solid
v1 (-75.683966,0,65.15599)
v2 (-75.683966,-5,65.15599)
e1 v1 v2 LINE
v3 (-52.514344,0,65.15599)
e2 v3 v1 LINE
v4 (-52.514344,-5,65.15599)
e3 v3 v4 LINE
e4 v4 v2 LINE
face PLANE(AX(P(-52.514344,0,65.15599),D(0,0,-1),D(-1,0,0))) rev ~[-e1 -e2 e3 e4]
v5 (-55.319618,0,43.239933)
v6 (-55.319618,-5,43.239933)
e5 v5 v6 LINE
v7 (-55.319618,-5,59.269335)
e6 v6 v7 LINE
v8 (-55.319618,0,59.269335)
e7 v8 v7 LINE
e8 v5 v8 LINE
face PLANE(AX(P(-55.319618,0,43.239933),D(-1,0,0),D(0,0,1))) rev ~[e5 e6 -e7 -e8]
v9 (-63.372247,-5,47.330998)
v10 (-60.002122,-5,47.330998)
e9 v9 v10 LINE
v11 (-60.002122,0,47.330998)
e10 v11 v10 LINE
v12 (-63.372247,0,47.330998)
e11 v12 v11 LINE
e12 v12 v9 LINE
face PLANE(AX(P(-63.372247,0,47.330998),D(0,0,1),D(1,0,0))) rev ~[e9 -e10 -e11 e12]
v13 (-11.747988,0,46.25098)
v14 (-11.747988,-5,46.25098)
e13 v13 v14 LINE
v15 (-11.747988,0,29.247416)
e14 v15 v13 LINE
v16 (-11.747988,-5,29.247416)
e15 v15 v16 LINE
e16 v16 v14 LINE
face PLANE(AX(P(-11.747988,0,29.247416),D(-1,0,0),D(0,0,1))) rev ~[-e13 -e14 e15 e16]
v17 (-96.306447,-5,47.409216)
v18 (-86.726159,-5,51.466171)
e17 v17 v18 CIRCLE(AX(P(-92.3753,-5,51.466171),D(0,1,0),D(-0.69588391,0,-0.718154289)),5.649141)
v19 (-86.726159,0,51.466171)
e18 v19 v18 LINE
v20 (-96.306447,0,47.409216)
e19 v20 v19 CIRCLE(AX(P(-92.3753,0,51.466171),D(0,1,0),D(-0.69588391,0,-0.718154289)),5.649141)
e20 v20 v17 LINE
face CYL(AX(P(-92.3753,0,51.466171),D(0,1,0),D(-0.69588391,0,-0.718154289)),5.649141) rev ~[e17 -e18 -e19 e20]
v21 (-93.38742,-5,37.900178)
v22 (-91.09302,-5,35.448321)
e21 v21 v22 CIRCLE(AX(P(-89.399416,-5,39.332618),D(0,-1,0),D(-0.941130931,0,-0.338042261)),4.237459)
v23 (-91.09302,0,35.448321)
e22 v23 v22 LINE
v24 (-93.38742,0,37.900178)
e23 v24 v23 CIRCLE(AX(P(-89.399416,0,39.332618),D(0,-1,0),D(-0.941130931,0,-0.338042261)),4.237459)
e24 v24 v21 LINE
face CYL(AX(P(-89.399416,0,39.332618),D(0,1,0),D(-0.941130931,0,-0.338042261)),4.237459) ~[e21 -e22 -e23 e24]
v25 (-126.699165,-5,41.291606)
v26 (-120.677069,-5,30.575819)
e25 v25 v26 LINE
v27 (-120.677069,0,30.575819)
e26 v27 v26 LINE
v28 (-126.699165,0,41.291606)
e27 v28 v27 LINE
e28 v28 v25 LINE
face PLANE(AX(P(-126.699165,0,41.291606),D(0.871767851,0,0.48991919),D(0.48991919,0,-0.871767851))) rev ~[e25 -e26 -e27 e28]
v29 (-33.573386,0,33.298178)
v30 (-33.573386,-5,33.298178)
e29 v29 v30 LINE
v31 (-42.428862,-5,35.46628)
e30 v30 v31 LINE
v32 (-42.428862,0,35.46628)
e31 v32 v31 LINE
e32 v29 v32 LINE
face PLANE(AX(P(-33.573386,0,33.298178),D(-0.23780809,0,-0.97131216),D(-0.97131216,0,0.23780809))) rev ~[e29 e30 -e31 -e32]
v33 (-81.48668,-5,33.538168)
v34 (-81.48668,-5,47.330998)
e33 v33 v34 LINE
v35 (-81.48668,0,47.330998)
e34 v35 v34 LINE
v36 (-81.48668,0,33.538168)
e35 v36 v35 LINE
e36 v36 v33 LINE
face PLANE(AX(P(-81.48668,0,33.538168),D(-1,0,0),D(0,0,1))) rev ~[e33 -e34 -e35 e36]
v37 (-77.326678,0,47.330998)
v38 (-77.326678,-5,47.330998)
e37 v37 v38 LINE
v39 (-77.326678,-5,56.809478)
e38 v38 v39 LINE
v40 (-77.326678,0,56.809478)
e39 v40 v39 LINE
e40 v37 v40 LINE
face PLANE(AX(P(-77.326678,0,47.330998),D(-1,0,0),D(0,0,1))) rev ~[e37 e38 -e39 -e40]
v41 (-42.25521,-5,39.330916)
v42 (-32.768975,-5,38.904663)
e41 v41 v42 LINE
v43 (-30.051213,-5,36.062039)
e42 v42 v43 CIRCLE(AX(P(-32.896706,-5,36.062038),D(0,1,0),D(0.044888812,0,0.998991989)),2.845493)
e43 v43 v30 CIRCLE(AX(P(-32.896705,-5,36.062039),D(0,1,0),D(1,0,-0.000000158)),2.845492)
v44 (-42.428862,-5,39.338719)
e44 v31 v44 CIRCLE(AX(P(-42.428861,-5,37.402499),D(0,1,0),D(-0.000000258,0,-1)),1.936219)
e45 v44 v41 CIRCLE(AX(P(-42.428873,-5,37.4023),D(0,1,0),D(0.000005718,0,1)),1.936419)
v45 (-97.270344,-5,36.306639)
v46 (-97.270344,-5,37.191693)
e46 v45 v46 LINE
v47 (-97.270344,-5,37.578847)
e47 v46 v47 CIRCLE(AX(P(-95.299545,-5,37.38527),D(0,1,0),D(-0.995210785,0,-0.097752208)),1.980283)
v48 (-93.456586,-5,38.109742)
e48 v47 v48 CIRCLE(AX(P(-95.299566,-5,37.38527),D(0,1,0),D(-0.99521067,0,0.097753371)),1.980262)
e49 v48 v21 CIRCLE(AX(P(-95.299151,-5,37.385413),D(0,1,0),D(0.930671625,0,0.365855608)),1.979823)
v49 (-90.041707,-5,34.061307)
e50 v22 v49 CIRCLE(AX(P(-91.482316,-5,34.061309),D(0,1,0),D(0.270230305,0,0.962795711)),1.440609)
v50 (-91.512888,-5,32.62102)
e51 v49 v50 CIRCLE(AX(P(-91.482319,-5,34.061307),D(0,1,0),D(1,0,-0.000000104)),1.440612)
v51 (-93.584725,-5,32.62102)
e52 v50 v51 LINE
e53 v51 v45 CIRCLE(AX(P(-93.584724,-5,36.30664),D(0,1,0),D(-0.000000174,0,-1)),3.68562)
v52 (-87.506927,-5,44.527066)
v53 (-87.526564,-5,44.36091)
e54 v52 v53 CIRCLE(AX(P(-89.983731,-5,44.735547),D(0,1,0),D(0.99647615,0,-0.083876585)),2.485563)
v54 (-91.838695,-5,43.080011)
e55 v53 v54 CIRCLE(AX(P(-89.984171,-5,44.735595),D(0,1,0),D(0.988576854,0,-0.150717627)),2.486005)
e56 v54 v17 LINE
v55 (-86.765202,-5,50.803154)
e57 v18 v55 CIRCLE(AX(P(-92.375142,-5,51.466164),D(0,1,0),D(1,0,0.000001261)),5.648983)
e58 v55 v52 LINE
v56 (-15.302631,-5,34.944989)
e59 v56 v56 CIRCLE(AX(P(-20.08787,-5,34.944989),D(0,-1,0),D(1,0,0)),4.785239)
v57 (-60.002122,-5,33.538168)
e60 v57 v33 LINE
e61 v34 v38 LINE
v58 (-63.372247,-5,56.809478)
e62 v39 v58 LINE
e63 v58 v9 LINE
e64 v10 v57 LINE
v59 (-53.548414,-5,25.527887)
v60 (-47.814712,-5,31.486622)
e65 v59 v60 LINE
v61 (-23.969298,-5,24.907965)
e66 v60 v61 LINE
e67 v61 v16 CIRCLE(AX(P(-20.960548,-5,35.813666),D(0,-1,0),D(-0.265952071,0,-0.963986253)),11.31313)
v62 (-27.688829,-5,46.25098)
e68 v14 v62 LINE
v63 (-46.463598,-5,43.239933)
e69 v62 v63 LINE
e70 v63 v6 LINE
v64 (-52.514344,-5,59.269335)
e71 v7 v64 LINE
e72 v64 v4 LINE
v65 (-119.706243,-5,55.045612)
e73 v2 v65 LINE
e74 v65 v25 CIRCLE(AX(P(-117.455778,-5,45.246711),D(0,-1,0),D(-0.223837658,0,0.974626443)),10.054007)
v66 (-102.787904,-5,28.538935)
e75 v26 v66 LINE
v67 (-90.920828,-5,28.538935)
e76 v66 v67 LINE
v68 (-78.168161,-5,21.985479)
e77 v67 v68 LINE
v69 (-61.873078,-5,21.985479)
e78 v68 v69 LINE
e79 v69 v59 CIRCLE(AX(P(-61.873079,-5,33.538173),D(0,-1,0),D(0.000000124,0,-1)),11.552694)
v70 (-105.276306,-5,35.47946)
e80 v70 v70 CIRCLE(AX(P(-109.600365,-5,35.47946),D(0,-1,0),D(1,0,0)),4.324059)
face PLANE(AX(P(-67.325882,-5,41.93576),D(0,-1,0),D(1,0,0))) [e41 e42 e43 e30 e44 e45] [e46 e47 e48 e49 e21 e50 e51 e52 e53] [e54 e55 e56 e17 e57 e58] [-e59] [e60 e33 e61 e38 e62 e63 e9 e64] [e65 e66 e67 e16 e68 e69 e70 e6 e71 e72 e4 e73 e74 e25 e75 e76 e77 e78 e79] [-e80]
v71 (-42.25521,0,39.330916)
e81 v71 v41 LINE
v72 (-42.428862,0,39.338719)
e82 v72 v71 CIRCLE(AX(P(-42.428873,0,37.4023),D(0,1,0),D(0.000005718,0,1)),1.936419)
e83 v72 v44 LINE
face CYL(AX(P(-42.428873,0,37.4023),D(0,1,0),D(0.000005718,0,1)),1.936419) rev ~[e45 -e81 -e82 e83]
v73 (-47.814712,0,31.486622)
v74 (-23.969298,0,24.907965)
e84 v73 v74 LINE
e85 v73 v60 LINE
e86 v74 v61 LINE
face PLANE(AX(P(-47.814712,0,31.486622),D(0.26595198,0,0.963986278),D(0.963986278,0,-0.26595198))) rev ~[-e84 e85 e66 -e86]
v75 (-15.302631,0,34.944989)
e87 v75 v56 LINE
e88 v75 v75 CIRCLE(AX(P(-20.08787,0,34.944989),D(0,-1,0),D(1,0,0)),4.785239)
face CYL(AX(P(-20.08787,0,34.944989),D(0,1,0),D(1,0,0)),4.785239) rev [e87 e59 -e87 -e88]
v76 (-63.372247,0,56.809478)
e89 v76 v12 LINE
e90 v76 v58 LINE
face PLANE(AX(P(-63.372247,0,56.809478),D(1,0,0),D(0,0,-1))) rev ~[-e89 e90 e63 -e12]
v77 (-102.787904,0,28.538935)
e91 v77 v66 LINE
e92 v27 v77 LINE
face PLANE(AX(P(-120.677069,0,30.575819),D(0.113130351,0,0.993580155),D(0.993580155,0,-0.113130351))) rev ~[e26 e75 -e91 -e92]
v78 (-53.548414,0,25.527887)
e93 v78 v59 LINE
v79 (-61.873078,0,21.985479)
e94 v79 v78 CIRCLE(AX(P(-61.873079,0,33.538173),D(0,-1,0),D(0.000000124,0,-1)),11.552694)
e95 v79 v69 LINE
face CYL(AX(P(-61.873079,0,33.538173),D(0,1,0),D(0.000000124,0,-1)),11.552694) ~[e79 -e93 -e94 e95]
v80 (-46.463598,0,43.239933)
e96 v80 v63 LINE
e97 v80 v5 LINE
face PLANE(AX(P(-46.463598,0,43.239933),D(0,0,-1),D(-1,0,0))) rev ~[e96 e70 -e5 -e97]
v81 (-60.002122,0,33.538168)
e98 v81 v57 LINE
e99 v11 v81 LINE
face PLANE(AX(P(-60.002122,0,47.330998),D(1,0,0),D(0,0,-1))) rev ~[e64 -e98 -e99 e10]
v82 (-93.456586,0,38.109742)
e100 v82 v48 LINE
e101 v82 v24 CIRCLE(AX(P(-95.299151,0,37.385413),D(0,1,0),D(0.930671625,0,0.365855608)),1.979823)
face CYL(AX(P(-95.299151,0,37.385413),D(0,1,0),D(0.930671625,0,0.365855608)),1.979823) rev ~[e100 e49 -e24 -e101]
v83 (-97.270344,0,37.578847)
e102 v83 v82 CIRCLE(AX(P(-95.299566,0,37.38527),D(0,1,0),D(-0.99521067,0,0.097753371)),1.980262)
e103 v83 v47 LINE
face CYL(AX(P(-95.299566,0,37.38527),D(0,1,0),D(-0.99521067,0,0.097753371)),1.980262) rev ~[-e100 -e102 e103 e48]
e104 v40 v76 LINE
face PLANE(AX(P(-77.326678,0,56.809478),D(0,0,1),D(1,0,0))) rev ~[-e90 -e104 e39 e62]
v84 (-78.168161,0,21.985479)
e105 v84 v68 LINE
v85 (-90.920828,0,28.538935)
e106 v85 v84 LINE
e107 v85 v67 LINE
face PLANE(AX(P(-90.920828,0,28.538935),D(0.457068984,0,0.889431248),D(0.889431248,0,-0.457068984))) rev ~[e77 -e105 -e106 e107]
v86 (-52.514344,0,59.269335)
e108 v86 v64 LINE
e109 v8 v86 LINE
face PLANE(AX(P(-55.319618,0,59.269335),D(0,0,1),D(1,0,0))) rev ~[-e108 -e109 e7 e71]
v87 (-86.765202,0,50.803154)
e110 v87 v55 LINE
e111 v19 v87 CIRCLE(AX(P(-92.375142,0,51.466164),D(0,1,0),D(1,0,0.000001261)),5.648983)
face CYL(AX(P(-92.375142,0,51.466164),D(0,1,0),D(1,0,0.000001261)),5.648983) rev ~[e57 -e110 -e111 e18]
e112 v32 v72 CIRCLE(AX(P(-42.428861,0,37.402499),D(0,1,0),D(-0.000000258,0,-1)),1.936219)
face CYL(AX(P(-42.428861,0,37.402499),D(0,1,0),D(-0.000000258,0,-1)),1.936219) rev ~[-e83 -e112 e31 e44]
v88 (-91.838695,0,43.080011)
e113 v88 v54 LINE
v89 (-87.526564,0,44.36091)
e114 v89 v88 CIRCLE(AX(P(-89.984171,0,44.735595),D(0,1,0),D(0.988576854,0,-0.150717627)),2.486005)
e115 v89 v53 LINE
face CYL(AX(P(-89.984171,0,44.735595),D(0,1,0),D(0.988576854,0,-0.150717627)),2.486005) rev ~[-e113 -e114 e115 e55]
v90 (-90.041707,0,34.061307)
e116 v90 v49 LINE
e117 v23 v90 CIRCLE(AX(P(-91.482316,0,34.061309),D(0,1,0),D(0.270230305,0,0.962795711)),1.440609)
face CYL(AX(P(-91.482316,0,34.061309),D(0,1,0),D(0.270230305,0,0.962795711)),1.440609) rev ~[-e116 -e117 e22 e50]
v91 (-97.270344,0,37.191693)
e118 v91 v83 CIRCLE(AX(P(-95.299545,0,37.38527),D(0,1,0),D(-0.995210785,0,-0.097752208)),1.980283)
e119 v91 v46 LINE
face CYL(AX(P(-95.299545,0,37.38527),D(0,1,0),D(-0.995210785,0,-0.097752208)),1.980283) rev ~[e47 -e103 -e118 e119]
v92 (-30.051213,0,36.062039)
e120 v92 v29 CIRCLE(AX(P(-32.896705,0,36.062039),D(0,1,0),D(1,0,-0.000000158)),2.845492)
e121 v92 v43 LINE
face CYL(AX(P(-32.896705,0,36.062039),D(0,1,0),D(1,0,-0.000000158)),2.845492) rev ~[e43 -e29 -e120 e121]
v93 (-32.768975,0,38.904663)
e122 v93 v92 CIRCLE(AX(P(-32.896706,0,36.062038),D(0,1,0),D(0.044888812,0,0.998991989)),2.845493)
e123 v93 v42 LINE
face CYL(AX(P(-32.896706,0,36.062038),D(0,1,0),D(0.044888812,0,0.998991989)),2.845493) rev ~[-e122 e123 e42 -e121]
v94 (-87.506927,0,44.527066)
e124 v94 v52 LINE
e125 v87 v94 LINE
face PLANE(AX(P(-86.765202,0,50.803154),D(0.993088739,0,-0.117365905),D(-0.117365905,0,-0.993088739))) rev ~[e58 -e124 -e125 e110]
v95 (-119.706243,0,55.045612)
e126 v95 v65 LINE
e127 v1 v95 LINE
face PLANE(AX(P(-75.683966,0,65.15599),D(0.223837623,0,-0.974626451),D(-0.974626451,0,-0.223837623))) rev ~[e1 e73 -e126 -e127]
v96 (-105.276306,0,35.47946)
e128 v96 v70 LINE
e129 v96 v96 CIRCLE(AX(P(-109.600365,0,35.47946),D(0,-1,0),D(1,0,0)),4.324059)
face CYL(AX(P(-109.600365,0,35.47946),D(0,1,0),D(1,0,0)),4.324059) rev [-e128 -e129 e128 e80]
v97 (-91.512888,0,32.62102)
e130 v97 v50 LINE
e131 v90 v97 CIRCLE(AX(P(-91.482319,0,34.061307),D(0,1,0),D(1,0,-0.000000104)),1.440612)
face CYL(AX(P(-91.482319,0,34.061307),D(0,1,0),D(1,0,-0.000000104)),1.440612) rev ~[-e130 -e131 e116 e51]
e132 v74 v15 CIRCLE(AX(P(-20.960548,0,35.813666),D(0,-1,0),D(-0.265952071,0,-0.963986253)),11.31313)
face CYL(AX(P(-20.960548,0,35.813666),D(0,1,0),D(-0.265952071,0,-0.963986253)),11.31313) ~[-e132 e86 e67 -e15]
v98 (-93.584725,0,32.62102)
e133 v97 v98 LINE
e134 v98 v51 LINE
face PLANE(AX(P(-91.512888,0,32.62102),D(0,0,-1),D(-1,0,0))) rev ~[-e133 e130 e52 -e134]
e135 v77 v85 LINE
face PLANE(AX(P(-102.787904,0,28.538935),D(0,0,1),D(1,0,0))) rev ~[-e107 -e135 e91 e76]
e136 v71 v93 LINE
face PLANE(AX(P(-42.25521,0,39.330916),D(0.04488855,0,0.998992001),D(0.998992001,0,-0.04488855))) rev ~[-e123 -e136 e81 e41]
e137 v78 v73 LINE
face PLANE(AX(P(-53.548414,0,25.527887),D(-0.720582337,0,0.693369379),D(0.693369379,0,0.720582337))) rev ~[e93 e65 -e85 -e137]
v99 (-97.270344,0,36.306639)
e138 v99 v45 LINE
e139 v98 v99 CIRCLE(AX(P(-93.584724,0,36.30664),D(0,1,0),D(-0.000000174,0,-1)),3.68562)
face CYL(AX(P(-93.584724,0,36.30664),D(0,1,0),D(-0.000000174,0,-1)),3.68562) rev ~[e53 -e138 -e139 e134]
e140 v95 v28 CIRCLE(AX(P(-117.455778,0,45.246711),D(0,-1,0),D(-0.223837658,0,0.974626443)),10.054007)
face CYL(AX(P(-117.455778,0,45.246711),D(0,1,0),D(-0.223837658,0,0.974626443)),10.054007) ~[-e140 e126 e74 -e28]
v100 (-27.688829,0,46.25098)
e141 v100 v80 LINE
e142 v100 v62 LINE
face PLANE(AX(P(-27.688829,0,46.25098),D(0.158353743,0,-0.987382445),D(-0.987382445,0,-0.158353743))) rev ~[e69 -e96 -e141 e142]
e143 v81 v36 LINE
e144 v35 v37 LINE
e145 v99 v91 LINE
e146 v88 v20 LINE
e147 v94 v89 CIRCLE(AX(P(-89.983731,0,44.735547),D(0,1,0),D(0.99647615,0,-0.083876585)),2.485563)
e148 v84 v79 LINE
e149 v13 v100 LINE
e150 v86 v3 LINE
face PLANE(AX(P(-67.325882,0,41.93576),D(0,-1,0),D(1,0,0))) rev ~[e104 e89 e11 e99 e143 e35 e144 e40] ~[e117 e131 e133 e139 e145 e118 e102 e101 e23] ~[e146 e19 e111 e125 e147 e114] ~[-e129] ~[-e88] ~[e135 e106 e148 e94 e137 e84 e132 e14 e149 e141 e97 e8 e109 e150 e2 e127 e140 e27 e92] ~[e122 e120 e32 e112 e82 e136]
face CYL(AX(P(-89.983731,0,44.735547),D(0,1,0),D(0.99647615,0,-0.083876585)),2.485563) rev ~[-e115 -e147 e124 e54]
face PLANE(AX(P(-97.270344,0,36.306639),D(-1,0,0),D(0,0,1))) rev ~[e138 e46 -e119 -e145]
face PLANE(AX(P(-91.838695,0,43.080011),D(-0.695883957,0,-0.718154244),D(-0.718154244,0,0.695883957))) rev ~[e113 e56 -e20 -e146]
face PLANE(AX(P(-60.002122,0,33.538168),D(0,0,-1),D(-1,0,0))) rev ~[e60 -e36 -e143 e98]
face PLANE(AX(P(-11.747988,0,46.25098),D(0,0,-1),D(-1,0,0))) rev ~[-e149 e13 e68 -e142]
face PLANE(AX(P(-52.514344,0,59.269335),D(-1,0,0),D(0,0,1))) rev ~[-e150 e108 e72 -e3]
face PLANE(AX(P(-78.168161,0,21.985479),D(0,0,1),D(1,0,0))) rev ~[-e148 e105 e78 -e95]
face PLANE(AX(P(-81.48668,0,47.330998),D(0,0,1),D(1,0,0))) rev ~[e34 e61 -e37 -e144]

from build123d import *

# Parameters (mm, degrees)
F0_R     = 4.324059
F0_R_2   = 4.785239
F1_DEPTH = 5


with BuildPart() as f1:
    # F0 (on Front) → F1 (new body)
    with BuildSketch(Plane.XZ):
        with BuildLine():
            ThreePointArc((-119.706243, 55.045612), (-126.417939, 49.803324), (-126.699165, 41.291606))
            Line((-126.699165, 41.291606), (-120.677069, 30.575819))
            Line((-120.677069, 30.575819), (-102.787904, 28.538935))
            Line((-102.787904, 28.538935), (-90.920828, 28.538935))
            Line((-90.920828, 28.538935), (-78.168161, 21.985479))
            Line((-78.168161, 21.985479), (-61.873078, 21.985479))
            ThreePointArc((-61.873078, 21.985479), (-57.349565, 22.907907), (-53.548414, 25.527887))
            Line((-53.548414, 25.527887), (-47.814712, 31.486622))
            Line((-47.814712, 31.486622), (-23.969298, 24.907965))
            ThreePointArc((-23.969298, 24.907965), (-17.175112, 25.152645), (-11.747988, 29.247416))
            Line((-11.747988, 29.247416), (-11.747988, 46.25098))
            Line((-11.747988, 46.25098), (-27.688829, 46.25098))
            Line((-27.688829, 46.25098), (-46.463598, 43.239933))
            Line((-46.463598, 43.239933), (-55.319618, 43.239933))
            Line((-55.319618, 43.239933), (-55.319618, 59.269335))
            Line((-55.319618, 59.269335), (-52.514344, 59.269335))
            Line((-52.514344, 59.269335), (-52.514344, 65.15599))
            Line((-52.514344, 65.15599), (-75.683966, 65.15599))
            Line((-75.683966, 65.15599), (-119.706243, 55.045612))
        make_face()
        with Locations((-109.600365, 35.47946)):
            Circle(F0_R, mode=Mode.SUBTRACT)
        with BuildLine():
            ThreePointArc((-97.270344, 37.578847), (-95.572597, 39.346619), (-93.456586, 38.109742))
            ThreePointArc((-93.456586, 38.109742), (-93.419081, 38.005925), (-93.38742, 37.900178))
            ThreePointArc((-93.38742, 37.900178), (-92.493454, 36.437279), (-91.09302, 35.448321))
            ThreePointArc((-91.09302, 35.448321), (-90.334235, 34.931518), (-90.041707, 34.061307))
            ThreePointArc((-90.041707, 34.061307), (-90.474518, 33.03189), (-91.512888, 32.62102))
            Line((-91.512888, 32.62102), (-93.584725, 32.62102))
            ThreePointArc((-93.584725, 32.62102), (-96.190851, 33.700513), (-97.270344, 36.306639))
            Line((-97.270344, 36.306639), (-97.270344, 37.191693))
            ThreePointArc((-97.270344, 37.191693), (-97.279828, 37.38527), (-97.270344, 37.578847))
        make_face(mode=Mode.SUBTRACT)
        with BuildLine():
            ThreePointArc((-32.768975, 38.904663), (-30.839975, 38.028428), (-30.051213, 36.062039))
            ThreePointArc((-30.051213, 36.062039), (-31.140098, 33.823478), (-33.573386, 33.298178))
            Line((-33.573386, 33.298178), (-42.428862, 35.46628))
            ThreePointArc((-42.428862, 35.46628), (-44.365081, 37.402499), (-42.428862, 39.338719))
            ThreePointArc((-42.428862, 39.338719), (-42.341948, 39.336767), (-42.25521, 39.330916))
            Line((-42.25521, 39.330916), (-32.768975, 38.904663))
        make_face(mode=Mode.SUBTRACT)
        with Locations((-20.08787, 34.944989)):
            Circle(F0_R_2, mode=Mode.SUBTRACT)
        Polygon((-77.326678, 47.330998), (-77.326678, 56.809478), (-63.372247, 56.809478), (-63.372247, 47.330998), (-60.002122, 47.330998), (-60.002122, 33.538168), (-81.48668, 33.538168), (-81.48668, 47.330998), align=None, mode=Mode.SUBTRACT)
        with BuildLine():
            ThreePointArc((-96.306447, 47.409216), (-94.578162, 56.668113), (-86.726159, 51.466171))
            ThreePointArc((-86.726159, 51.466171), (-86.735928, 51.134088), (-86.765202, 50.803154))
            Line((-86.765202, 50.803154), (-87.506927, 44.527066))
            ThreePointArc((-87.506927, 44.527066), (-87.515347, 44.443823), (-87.526564, 44.36091))
            ThreePointArc((-87.526564, 44.36091), (-89.276285, 42.352505), (-91.838695, 43.080011))
            Line((-91.838695, 43.080011), (-96.306447, 47.409216))
        make_face(mode=Mode.SUBTRACT)
    extrude(amount=F1_DEPTH)


solid = f1.part
